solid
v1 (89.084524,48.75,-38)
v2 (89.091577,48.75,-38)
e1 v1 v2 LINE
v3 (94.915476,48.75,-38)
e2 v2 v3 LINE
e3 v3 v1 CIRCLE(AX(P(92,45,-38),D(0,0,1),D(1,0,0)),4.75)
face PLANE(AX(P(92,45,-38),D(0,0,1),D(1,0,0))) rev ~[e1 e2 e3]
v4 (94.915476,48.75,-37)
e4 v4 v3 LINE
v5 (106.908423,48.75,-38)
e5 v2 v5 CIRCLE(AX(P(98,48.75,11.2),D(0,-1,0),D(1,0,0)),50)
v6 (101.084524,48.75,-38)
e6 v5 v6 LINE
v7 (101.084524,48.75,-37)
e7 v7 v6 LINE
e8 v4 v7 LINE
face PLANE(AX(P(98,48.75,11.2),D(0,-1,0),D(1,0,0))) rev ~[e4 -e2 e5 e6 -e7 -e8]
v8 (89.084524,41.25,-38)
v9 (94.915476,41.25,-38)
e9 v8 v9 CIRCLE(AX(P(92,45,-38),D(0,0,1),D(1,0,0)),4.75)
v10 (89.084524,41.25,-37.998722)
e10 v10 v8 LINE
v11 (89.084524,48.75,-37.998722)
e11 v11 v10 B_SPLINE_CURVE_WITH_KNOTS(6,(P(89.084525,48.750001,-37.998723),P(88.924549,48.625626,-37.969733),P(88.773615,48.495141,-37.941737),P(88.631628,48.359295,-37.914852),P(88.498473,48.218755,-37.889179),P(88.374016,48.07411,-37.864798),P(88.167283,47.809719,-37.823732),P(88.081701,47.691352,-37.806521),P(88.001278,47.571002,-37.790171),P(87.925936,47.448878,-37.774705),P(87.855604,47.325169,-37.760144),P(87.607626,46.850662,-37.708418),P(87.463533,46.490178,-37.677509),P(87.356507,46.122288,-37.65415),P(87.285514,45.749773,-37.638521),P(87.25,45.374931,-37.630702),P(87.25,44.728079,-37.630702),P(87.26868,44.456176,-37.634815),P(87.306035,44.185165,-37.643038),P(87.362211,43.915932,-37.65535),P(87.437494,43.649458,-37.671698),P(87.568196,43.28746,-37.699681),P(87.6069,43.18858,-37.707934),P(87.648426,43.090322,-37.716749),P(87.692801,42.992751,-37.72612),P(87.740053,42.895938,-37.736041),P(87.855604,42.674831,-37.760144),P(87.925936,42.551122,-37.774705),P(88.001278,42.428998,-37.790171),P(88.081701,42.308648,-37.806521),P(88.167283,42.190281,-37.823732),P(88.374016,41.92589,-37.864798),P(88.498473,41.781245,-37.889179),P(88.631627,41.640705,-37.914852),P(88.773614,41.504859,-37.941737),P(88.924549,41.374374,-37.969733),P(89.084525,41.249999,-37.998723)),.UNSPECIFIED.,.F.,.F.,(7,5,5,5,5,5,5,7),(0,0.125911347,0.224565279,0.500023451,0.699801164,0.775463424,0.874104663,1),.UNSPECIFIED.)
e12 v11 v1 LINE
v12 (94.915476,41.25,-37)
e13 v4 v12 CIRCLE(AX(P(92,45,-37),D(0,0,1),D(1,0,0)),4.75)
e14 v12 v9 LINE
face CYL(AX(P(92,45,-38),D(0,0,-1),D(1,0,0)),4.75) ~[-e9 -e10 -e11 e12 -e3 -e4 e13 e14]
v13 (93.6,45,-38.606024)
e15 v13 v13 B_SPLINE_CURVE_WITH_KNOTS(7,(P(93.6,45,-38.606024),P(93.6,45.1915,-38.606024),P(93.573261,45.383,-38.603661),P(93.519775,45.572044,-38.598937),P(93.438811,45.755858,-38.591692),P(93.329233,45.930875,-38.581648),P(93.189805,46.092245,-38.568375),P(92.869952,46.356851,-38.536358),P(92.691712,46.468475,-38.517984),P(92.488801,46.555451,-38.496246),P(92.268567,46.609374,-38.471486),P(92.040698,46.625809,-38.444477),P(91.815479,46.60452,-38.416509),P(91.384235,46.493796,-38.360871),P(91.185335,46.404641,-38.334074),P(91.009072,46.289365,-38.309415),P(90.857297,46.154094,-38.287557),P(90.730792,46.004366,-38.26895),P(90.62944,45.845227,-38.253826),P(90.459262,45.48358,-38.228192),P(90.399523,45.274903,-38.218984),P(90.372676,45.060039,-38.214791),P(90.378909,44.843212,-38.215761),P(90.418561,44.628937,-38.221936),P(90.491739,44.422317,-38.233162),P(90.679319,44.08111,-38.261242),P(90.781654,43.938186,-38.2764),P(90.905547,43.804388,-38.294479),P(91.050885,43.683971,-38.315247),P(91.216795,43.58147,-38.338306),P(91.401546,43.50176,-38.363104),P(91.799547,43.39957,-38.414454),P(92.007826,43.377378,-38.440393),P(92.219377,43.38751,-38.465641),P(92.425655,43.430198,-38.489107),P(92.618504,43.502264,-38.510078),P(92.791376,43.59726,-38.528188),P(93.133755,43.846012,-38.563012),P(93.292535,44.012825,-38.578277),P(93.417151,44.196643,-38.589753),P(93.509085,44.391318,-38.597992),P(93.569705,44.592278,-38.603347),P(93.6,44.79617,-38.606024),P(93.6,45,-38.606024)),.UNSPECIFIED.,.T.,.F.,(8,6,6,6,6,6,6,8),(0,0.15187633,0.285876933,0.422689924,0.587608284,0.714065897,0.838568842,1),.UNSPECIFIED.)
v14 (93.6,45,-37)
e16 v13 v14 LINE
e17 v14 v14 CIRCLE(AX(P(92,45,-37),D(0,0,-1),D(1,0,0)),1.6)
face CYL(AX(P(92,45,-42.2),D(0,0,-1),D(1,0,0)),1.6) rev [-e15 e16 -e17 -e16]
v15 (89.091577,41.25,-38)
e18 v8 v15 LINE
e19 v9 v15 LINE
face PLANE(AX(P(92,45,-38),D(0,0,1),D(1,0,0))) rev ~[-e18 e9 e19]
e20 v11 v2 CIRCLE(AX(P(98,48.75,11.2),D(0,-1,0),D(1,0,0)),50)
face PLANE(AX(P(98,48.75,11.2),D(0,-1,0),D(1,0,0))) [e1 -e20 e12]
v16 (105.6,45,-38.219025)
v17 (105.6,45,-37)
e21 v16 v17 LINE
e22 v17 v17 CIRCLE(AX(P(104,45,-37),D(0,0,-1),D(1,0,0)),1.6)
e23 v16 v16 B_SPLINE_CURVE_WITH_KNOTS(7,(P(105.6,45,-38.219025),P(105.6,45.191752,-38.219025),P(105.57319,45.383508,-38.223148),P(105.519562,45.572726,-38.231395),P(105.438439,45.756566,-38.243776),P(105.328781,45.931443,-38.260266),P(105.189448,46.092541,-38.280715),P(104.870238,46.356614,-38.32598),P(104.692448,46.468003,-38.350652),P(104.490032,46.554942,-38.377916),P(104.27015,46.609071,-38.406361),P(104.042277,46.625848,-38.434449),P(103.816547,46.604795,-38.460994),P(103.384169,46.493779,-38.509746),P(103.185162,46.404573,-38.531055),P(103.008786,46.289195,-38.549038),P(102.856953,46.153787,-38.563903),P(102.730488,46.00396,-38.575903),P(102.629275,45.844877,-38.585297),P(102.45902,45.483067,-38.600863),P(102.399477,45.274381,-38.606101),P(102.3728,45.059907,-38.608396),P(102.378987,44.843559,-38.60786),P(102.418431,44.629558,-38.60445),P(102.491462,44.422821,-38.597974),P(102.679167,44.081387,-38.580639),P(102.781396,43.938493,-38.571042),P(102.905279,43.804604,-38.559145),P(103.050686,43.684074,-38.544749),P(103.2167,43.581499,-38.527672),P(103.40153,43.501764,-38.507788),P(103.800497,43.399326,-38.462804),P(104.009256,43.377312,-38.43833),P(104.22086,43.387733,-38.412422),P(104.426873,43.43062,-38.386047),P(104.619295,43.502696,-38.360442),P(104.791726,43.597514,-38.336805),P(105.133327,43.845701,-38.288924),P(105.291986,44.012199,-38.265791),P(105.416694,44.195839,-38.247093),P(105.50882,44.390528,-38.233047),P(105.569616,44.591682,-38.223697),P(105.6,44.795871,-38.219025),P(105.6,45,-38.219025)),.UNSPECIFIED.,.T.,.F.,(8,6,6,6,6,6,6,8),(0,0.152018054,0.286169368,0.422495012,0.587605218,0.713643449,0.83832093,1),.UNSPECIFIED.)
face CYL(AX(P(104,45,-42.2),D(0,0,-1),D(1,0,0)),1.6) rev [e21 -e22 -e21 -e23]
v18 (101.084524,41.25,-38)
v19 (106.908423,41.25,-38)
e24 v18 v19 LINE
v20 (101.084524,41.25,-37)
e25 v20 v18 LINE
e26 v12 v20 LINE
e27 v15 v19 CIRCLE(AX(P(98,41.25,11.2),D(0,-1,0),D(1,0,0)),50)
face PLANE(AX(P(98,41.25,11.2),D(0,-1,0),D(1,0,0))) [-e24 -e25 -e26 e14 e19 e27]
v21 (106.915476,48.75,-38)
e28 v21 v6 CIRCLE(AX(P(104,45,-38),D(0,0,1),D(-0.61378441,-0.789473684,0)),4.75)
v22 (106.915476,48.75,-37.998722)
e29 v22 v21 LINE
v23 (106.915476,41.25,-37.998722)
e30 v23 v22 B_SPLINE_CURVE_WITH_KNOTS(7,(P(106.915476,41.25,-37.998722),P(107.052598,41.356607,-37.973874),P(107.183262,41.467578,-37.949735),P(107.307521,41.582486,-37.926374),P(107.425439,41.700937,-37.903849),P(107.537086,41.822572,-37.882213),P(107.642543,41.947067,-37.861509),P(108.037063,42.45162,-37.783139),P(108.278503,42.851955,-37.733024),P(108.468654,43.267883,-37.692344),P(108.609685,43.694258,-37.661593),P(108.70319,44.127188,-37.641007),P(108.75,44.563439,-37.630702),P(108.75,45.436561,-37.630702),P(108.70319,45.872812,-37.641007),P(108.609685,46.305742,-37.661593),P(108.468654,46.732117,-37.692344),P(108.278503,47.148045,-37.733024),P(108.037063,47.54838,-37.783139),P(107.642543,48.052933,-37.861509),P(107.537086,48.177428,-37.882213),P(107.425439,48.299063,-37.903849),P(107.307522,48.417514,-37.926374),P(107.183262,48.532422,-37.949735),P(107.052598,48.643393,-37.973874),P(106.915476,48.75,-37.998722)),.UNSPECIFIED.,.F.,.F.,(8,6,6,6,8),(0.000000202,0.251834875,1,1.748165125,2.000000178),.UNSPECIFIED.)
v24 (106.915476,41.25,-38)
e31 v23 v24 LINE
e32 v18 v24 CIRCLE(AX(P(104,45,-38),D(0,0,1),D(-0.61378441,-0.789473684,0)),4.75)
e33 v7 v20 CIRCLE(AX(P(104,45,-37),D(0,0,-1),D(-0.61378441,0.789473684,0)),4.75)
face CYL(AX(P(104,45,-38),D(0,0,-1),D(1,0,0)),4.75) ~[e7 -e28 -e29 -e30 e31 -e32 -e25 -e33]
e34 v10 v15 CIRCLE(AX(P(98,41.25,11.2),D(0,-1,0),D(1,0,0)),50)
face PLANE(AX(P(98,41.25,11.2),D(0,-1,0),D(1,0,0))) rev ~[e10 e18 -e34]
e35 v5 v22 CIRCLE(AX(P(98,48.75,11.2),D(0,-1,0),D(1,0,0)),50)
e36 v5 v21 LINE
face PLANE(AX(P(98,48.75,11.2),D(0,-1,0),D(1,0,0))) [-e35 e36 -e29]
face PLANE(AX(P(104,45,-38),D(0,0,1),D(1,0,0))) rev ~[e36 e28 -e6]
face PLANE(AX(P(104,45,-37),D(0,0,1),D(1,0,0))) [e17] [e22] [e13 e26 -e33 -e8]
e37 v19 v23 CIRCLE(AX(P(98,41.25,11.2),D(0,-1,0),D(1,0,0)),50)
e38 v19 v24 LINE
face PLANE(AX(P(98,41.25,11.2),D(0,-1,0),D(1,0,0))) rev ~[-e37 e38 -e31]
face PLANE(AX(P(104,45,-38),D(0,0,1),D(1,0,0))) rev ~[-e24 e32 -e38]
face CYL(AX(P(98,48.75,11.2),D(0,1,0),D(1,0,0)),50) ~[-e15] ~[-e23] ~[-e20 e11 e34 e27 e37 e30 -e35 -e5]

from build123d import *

# Parameters (mm, degrees)
CYLINDER022_R          = 1.6
CYLINDER022_DEPTH      = 10
CYLINDER021_R          = 1.6
CYLINDER021_DEPTH      = 10
CYLINDER020_R          = 50
CYLINDER020_DEPTH      = 7.5
CYLINDER020_ROLL_ANGLE = 90
CYLINDER019_R          = 51
CYLINDER019_DEPTH      = 7.5
CYLINDER019_ROLL_ANGLE = 90
BOX022_W               = 317
BOX022_H               = 10
BOX022_DEPTH           = 300
CYLINDER018_R          = 50
CYLINDER018_DEPTH      = 7.5
CYLINDER018_ROLL_ANGLE = 90
CYLINDER017_R          = 4.75
CYLINDER017_DEPTH      = 1
CYLINDER016_R          = 4.75
CYLINDER016_DEPTH      = 1
BOX021_W               = 12
BOX021_H               = 7.5
BOX021_DEPTH           = 1


with BuildPart() as cylinder022:
    # Cylinder022 → Cylinder022 (new body)
    with BuildSketch(Plane(origin=(0, -18, -9.2), x_dir=(1, 0, 0), z_dir=(0, 0, 1))):
        Circle(CYLINDER022_R)
    extrude(amount=CYLINDER022_DEPTH)


with BuildPart() as fusion015:
    # Cylinder021 → Cylinder021 (new body)
    with BuildSketch(Plane(origin=(12, -18, -9.2), x_dir=(1, 0, 0), z_dir=(0, 0, 1))):
        Circle(CYLINDER021_R)
    extrude(amount=CYLINDER021_DEPTH)

    # Fusion015: union Cylinder022
    add(cylinder022.part)


with BuildPart() as fusion015_1:
    # Fusion015 placement: moved
    add(fusion015.part.moved(Location((0, 0, 5))))


with BuildPart() as cylinder020:
    # Cylinder020 → Cylinder020 (new body)
    with BuildSketch(Plane.XY):
        Circle(CYLINDER020_R)
    extrude(amount=CYLINDER020_DEPTH)


with BuildPart() as cylinder020_1:
    # Cylinder020 roll: moved
    add(cylinder020.part.rotate(Axis((0, 0, 0), (1, 0, 0)), CYLINDER020_ROLL_ANGLE))


with BuildPart() as cylinder020_2:
    # Cylinder020 placement: moved
    add(cylinder020_1.part.moved(Location((6, -14.25, 49.2))))


with BuildPart() as cut019:
    # Cylinder019 → Cylinder019 (new body)
    with BuildSketch(Plane.XY):
        Circle(CYLINDER019_R)
    extrude(amount=CYLINDER019_DEPTH)


with BuildPart() as cut019_1:
    # Cylinder019 roll: moved
    add(cut019.part.rotate(Axis((0, 0, 0), (1, 0, 0)), CYLINDER019_ROLL_ANGLE))


with BuildPart() as cut019_2:
    # Cylinder019 placement: moved
    add(cut019_1.part.moved(Location((6, -14.25, 49.2))))

    # Cut019: cut Cylinder020
    add(cylinder020_2.part, mode=Mode.SUBTRACT)


with BuildPart() as box022:
    # Box022 → Box022 (new body)
    with BuildSketch(Plane(origin=(-150, -22, 0), x_dir=(1, 0, 0), z_dir=(0, 0, 1))):
        with Locations((158.5, 5)):
            Rectangle(BOX022_W, BOX022_H)
    extrude(amount=BOX022_DEPTH)


with BuildPart() as cut018:
    # Cylinder018 → Cylinder018 (new body)
    with BuildSketch(Plane.XY):
        Circle(CYLINDER018_R)
    extrude(amount=CYLINDER018_DEPTH)


with BuildPart() as cut018_1:
    # Cylinder018 roll: moved
    add(cut018.part.rotate(Axis((0, 0, 0), (1, 0, 0)), CYLINDER018_ROLL_ANGLE))


with BuildPart() as cut018_2:
    # Cylinder018 placement: moved
    add(cut018_1.part.moved(Location((6, -14.25, 49.2))))

    # Cut018: cut Box022
    add(box022.part, mode=Mode.SUBTRACT)


with BuildPart() as cylinder017:
    # Cylinder017 → Cylinder017 (new body)
    with BuildSketch(Plane(origin=(0, -18, 0), x_dir=(1, 0, 0), z_dir=(0, 0, 1))):
        Circle(CYLINDER017_R)
    extrude(amount=CYLINDER017_DEPTH)


with BuildPart() as cylinder016:
    # Cylinder016 → Cylinder016 (new body)
    with BuildSketch(Plane(origin=(12, -18, 0), x_dir=(1, 0, 0), z_dir=(0, 0, 1))):
        Circle(CYLINDER016_R)
    extrude(amount=CYLINDER016_DEPTH)


with BuildPart() as leafspring_spacer_upper_front_left:
    # Box021 → Box021 (new body)
    with BuildSketch(Plane(origin=(0, -21.75, 0), x_dir=(1, 0, 0), z_dir=(0, 0, 1))):
        with Locations((6, 3.75)):
            Rectangle(BOX021_W, BOX021_H)
    extrude(amount=BOX021_DEPTH)

    # Fusion014: union Cut018, Cylinder017, Cylinder016
    add(cut018_2.part)
    add(cylinder017.part)
    add(cylinder016.part)

    # Cut020: cut Cut019
    add(cut019_2.part, mode=Mode.SUBTRACT)

    # Cut021: cut Fusion015
    add(fusion015_1.part, mode=Mode.SUBTRACT)


with BuildPart() as leafspring_spacer_upper_front_left_1:
    # Cut021 placement: moved
    add(leafspring_spacer_upper_front_left.part.moved(Location((92, 63, -38))))


solid = leafspring_spacer_upper_front_left_1.part
